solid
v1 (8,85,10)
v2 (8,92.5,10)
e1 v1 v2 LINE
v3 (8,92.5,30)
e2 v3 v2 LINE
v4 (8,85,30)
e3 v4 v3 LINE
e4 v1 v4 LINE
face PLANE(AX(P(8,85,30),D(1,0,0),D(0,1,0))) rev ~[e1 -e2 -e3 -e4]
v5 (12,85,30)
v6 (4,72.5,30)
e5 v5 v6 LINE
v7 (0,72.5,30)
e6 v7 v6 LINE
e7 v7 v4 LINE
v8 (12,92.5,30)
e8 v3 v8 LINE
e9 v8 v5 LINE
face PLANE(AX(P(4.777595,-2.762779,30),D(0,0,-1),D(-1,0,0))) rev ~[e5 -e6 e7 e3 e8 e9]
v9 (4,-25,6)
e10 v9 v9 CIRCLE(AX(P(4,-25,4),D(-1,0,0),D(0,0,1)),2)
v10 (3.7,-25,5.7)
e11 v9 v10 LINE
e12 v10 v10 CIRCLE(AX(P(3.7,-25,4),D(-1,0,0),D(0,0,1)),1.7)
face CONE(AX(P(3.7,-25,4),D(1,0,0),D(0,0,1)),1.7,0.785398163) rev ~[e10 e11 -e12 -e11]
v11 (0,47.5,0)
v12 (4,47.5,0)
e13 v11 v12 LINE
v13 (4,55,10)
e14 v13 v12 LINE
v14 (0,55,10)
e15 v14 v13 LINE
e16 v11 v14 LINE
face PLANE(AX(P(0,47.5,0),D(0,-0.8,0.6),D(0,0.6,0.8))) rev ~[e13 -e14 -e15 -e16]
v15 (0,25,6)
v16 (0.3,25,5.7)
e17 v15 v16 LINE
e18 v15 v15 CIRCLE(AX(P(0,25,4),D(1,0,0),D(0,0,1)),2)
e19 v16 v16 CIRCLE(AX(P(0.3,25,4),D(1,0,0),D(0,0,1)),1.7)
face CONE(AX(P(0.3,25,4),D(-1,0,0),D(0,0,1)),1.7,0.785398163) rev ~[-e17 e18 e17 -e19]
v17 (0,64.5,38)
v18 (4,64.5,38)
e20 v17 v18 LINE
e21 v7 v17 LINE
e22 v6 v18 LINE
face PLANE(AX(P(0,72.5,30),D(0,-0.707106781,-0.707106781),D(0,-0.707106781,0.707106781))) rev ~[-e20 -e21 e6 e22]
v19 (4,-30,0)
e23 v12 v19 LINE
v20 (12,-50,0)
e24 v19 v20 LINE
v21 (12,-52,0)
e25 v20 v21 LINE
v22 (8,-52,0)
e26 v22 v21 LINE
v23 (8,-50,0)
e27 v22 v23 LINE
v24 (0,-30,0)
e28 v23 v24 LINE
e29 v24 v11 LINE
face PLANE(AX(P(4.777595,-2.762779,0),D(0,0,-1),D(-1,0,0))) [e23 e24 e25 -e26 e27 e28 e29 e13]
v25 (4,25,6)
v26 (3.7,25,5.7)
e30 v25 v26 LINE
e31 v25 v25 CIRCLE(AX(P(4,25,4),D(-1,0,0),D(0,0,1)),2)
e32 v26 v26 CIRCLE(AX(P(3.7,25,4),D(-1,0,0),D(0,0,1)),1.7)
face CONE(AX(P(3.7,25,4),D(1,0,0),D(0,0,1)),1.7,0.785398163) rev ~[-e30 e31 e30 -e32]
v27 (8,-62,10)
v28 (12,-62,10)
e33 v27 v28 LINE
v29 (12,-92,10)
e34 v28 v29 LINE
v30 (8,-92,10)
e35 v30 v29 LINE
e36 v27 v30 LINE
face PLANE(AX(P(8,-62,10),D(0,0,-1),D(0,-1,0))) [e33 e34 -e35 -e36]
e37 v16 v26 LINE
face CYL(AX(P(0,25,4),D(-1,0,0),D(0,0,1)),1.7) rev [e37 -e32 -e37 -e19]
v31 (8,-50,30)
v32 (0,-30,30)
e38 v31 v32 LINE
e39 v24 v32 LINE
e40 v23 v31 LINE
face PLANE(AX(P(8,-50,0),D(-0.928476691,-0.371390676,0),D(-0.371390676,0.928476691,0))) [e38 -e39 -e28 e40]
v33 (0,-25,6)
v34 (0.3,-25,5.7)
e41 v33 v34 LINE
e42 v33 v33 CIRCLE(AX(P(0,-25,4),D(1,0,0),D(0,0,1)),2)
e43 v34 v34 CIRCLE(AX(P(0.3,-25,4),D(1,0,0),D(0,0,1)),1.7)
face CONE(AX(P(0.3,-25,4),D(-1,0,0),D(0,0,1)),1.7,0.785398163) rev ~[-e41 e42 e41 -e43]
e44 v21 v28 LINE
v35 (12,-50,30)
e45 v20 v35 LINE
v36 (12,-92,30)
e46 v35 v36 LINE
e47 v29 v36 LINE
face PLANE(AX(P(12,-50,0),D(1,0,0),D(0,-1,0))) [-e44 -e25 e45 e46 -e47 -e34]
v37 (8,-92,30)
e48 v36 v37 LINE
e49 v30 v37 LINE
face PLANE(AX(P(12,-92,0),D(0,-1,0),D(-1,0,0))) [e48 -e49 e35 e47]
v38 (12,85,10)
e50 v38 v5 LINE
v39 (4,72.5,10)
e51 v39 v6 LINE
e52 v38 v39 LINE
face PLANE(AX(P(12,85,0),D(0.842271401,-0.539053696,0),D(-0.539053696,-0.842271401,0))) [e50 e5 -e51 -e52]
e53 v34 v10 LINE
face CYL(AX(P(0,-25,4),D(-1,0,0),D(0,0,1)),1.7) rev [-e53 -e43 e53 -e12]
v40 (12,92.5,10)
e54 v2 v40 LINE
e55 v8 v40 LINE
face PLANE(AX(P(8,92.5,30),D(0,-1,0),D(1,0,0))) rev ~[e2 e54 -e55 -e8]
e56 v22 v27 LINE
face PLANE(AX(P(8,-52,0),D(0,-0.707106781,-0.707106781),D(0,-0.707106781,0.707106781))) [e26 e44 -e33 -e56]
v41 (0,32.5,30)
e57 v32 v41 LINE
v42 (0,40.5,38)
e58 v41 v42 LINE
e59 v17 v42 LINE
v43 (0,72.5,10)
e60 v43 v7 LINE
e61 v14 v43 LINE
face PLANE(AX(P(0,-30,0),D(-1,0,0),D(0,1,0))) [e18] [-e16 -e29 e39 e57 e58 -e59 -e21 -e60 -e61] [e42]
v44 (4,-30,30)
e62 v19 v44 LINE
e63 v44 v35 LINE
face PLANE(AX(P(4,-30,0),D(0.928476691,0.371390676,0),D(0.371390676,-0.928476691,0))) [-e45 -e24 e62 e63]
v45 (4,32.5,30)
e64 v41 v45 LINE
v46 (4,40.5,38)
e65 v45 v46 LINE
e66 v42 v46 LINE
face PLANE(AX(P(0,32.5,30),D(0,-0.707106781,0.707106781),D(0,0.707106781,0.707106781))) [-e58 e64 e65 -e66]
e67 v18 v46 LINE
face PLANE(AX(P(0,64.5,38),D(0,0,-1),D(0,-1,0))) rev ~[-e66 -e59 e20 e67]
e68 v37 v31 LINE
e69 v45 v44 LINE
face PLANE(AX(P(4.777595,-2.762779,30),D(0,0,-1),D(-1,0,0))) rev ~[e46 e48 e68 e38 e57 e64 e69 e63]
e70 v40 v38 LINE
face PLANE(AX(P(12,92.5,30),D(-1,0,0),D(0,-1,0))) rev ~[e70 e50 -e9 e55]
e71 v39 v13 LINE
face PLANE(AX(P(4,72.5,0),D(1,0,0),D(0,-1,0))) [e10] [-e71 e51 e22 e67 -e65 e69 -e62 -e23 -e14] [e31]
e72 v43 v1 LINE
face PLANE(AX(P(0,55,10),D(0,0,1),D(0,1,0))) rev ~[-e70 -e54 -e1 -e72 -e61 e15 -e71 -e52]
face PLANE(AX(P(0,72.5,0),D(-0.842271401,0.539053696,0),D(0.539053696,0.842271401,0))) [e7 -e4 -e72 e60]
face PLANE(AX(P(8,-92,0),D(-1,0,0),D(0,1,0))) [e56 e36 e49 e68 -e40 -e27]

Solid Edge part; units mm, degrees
sketch "Sketch1" plane through (0, 0, 0) normal (0, 0, 1) x (1, 0, 0)
  line L0 (0, 72.5) -> (8, 85)
  line L1 (8, 85) -> (12, 85)
  line L2 (12, 85) -> (4, 72.5)
  line L3 (4, 72.5) -> (4, -30)
  line L4 (4, -30) -> (12, -50)
  line L5 (12, -50) -> (12, -92)
  line L6 (12, -92) -> (8, -92)
  line L7 (8, -92) -> (8, -50)
  line L8 (8, -50) -> (0, -30)
  line L9 (0, -30) -> (0, 72.5)
  dimension "D1" = 85
  dimension "D2" = 12.5
  dimension "D3" = 4
  dimension "D4" = 102.5
  dimension "D5" = 20
  dimension "D6" = 42
  dimension "D7" = 8
  dimension "D8" = 8
extrude "Protrusion1" add sketch "Sketch1" along normal blind 30
hole "Hole1" at (0, 25, 4) direction (1, 0, 0) diameter 3.4 end up to next start chamfer 0.3 start chamfer angle 45 end chamfer 0.3 end chamfer angle 45
hole "Hole2" at (0, -25, 4) direction (1, 0, 0) diameter 3.4 end up to next start chamfer 0.3 start chamfer angle 45 end chamfer 0.3 end chamfer angle 45
sketch "Sketch2" plane through (0, 0, 0) normal (1, 0, 0) x (0, 1, 0)
  line L0 (47.5, 0) -> (55, 10)
  line L1 (55, 10) -> (85, 10)
  line L2 (85, 10) -> (85, 0)
  line L3 (85, 0) -> (47.5, 0)
  dimension "D1" = 10
  dimension "D2" = 37.5
  dimension "D3" = 30
extrude "front_bearing_cutout" cut sketch "Sketch2" along normal blind 46.5167
sketch "Sketch3" plane through (8, -71, 15) normal (-1, 0, 0) x (0, -1, 0)
  line L0 (-19, -15) -> (-9, -5)
  line L1 (-9, -5) -> (21, -5)
  line L2 (21, -5) -> (21, -15)
  line L3 (21, -15) -> (-19, -15)
  dimension "D1" = 40
  dimension "D2" = 10
  dimension "D3" = 30
extrude "Cutout1" cut sketch "Sketch3" against normal up to next
sketch "Sketch4" plane through (6, -2.25, 30) normal (0, 0, 1) x (0, -1, 0)
  line L0 (-87.25, 6) -> (-87.25, 2)
  line L1 (-87.25, 2) -> (-94.75, 2)
  line L2 (-94.75, 2) -> (-94.75, 6)
  line L3 (-94.75, 6) -> (-87.25, 6)
  dimension "D1" = 7.5
extrude "Protrusion2" add sketch "Sketch4" against normal up to vertex (20 mm away)
sketch "Sketch5" plane through (0, 21.25, 15) normal (-1, 0, 0) x (0, -1, 0)
  line L0 (-51.25, 15) -> (-43.25, 23)
  line L1 (-43.25, 23) -> (-19.25, 23)
  line L2 (-11.25, 15) -> (-19.25, 23)
  line L3 (-51.25, 15) -> (-11.25, 15)
  dimension "D1" = 8
  dimension "D2" = 40
  dimension "D3" = 24
extrude "Protrusion3" add sketch "Sketch5" against normal up to vertex (4 mm away)
properties material "Polyethylene, low density"
